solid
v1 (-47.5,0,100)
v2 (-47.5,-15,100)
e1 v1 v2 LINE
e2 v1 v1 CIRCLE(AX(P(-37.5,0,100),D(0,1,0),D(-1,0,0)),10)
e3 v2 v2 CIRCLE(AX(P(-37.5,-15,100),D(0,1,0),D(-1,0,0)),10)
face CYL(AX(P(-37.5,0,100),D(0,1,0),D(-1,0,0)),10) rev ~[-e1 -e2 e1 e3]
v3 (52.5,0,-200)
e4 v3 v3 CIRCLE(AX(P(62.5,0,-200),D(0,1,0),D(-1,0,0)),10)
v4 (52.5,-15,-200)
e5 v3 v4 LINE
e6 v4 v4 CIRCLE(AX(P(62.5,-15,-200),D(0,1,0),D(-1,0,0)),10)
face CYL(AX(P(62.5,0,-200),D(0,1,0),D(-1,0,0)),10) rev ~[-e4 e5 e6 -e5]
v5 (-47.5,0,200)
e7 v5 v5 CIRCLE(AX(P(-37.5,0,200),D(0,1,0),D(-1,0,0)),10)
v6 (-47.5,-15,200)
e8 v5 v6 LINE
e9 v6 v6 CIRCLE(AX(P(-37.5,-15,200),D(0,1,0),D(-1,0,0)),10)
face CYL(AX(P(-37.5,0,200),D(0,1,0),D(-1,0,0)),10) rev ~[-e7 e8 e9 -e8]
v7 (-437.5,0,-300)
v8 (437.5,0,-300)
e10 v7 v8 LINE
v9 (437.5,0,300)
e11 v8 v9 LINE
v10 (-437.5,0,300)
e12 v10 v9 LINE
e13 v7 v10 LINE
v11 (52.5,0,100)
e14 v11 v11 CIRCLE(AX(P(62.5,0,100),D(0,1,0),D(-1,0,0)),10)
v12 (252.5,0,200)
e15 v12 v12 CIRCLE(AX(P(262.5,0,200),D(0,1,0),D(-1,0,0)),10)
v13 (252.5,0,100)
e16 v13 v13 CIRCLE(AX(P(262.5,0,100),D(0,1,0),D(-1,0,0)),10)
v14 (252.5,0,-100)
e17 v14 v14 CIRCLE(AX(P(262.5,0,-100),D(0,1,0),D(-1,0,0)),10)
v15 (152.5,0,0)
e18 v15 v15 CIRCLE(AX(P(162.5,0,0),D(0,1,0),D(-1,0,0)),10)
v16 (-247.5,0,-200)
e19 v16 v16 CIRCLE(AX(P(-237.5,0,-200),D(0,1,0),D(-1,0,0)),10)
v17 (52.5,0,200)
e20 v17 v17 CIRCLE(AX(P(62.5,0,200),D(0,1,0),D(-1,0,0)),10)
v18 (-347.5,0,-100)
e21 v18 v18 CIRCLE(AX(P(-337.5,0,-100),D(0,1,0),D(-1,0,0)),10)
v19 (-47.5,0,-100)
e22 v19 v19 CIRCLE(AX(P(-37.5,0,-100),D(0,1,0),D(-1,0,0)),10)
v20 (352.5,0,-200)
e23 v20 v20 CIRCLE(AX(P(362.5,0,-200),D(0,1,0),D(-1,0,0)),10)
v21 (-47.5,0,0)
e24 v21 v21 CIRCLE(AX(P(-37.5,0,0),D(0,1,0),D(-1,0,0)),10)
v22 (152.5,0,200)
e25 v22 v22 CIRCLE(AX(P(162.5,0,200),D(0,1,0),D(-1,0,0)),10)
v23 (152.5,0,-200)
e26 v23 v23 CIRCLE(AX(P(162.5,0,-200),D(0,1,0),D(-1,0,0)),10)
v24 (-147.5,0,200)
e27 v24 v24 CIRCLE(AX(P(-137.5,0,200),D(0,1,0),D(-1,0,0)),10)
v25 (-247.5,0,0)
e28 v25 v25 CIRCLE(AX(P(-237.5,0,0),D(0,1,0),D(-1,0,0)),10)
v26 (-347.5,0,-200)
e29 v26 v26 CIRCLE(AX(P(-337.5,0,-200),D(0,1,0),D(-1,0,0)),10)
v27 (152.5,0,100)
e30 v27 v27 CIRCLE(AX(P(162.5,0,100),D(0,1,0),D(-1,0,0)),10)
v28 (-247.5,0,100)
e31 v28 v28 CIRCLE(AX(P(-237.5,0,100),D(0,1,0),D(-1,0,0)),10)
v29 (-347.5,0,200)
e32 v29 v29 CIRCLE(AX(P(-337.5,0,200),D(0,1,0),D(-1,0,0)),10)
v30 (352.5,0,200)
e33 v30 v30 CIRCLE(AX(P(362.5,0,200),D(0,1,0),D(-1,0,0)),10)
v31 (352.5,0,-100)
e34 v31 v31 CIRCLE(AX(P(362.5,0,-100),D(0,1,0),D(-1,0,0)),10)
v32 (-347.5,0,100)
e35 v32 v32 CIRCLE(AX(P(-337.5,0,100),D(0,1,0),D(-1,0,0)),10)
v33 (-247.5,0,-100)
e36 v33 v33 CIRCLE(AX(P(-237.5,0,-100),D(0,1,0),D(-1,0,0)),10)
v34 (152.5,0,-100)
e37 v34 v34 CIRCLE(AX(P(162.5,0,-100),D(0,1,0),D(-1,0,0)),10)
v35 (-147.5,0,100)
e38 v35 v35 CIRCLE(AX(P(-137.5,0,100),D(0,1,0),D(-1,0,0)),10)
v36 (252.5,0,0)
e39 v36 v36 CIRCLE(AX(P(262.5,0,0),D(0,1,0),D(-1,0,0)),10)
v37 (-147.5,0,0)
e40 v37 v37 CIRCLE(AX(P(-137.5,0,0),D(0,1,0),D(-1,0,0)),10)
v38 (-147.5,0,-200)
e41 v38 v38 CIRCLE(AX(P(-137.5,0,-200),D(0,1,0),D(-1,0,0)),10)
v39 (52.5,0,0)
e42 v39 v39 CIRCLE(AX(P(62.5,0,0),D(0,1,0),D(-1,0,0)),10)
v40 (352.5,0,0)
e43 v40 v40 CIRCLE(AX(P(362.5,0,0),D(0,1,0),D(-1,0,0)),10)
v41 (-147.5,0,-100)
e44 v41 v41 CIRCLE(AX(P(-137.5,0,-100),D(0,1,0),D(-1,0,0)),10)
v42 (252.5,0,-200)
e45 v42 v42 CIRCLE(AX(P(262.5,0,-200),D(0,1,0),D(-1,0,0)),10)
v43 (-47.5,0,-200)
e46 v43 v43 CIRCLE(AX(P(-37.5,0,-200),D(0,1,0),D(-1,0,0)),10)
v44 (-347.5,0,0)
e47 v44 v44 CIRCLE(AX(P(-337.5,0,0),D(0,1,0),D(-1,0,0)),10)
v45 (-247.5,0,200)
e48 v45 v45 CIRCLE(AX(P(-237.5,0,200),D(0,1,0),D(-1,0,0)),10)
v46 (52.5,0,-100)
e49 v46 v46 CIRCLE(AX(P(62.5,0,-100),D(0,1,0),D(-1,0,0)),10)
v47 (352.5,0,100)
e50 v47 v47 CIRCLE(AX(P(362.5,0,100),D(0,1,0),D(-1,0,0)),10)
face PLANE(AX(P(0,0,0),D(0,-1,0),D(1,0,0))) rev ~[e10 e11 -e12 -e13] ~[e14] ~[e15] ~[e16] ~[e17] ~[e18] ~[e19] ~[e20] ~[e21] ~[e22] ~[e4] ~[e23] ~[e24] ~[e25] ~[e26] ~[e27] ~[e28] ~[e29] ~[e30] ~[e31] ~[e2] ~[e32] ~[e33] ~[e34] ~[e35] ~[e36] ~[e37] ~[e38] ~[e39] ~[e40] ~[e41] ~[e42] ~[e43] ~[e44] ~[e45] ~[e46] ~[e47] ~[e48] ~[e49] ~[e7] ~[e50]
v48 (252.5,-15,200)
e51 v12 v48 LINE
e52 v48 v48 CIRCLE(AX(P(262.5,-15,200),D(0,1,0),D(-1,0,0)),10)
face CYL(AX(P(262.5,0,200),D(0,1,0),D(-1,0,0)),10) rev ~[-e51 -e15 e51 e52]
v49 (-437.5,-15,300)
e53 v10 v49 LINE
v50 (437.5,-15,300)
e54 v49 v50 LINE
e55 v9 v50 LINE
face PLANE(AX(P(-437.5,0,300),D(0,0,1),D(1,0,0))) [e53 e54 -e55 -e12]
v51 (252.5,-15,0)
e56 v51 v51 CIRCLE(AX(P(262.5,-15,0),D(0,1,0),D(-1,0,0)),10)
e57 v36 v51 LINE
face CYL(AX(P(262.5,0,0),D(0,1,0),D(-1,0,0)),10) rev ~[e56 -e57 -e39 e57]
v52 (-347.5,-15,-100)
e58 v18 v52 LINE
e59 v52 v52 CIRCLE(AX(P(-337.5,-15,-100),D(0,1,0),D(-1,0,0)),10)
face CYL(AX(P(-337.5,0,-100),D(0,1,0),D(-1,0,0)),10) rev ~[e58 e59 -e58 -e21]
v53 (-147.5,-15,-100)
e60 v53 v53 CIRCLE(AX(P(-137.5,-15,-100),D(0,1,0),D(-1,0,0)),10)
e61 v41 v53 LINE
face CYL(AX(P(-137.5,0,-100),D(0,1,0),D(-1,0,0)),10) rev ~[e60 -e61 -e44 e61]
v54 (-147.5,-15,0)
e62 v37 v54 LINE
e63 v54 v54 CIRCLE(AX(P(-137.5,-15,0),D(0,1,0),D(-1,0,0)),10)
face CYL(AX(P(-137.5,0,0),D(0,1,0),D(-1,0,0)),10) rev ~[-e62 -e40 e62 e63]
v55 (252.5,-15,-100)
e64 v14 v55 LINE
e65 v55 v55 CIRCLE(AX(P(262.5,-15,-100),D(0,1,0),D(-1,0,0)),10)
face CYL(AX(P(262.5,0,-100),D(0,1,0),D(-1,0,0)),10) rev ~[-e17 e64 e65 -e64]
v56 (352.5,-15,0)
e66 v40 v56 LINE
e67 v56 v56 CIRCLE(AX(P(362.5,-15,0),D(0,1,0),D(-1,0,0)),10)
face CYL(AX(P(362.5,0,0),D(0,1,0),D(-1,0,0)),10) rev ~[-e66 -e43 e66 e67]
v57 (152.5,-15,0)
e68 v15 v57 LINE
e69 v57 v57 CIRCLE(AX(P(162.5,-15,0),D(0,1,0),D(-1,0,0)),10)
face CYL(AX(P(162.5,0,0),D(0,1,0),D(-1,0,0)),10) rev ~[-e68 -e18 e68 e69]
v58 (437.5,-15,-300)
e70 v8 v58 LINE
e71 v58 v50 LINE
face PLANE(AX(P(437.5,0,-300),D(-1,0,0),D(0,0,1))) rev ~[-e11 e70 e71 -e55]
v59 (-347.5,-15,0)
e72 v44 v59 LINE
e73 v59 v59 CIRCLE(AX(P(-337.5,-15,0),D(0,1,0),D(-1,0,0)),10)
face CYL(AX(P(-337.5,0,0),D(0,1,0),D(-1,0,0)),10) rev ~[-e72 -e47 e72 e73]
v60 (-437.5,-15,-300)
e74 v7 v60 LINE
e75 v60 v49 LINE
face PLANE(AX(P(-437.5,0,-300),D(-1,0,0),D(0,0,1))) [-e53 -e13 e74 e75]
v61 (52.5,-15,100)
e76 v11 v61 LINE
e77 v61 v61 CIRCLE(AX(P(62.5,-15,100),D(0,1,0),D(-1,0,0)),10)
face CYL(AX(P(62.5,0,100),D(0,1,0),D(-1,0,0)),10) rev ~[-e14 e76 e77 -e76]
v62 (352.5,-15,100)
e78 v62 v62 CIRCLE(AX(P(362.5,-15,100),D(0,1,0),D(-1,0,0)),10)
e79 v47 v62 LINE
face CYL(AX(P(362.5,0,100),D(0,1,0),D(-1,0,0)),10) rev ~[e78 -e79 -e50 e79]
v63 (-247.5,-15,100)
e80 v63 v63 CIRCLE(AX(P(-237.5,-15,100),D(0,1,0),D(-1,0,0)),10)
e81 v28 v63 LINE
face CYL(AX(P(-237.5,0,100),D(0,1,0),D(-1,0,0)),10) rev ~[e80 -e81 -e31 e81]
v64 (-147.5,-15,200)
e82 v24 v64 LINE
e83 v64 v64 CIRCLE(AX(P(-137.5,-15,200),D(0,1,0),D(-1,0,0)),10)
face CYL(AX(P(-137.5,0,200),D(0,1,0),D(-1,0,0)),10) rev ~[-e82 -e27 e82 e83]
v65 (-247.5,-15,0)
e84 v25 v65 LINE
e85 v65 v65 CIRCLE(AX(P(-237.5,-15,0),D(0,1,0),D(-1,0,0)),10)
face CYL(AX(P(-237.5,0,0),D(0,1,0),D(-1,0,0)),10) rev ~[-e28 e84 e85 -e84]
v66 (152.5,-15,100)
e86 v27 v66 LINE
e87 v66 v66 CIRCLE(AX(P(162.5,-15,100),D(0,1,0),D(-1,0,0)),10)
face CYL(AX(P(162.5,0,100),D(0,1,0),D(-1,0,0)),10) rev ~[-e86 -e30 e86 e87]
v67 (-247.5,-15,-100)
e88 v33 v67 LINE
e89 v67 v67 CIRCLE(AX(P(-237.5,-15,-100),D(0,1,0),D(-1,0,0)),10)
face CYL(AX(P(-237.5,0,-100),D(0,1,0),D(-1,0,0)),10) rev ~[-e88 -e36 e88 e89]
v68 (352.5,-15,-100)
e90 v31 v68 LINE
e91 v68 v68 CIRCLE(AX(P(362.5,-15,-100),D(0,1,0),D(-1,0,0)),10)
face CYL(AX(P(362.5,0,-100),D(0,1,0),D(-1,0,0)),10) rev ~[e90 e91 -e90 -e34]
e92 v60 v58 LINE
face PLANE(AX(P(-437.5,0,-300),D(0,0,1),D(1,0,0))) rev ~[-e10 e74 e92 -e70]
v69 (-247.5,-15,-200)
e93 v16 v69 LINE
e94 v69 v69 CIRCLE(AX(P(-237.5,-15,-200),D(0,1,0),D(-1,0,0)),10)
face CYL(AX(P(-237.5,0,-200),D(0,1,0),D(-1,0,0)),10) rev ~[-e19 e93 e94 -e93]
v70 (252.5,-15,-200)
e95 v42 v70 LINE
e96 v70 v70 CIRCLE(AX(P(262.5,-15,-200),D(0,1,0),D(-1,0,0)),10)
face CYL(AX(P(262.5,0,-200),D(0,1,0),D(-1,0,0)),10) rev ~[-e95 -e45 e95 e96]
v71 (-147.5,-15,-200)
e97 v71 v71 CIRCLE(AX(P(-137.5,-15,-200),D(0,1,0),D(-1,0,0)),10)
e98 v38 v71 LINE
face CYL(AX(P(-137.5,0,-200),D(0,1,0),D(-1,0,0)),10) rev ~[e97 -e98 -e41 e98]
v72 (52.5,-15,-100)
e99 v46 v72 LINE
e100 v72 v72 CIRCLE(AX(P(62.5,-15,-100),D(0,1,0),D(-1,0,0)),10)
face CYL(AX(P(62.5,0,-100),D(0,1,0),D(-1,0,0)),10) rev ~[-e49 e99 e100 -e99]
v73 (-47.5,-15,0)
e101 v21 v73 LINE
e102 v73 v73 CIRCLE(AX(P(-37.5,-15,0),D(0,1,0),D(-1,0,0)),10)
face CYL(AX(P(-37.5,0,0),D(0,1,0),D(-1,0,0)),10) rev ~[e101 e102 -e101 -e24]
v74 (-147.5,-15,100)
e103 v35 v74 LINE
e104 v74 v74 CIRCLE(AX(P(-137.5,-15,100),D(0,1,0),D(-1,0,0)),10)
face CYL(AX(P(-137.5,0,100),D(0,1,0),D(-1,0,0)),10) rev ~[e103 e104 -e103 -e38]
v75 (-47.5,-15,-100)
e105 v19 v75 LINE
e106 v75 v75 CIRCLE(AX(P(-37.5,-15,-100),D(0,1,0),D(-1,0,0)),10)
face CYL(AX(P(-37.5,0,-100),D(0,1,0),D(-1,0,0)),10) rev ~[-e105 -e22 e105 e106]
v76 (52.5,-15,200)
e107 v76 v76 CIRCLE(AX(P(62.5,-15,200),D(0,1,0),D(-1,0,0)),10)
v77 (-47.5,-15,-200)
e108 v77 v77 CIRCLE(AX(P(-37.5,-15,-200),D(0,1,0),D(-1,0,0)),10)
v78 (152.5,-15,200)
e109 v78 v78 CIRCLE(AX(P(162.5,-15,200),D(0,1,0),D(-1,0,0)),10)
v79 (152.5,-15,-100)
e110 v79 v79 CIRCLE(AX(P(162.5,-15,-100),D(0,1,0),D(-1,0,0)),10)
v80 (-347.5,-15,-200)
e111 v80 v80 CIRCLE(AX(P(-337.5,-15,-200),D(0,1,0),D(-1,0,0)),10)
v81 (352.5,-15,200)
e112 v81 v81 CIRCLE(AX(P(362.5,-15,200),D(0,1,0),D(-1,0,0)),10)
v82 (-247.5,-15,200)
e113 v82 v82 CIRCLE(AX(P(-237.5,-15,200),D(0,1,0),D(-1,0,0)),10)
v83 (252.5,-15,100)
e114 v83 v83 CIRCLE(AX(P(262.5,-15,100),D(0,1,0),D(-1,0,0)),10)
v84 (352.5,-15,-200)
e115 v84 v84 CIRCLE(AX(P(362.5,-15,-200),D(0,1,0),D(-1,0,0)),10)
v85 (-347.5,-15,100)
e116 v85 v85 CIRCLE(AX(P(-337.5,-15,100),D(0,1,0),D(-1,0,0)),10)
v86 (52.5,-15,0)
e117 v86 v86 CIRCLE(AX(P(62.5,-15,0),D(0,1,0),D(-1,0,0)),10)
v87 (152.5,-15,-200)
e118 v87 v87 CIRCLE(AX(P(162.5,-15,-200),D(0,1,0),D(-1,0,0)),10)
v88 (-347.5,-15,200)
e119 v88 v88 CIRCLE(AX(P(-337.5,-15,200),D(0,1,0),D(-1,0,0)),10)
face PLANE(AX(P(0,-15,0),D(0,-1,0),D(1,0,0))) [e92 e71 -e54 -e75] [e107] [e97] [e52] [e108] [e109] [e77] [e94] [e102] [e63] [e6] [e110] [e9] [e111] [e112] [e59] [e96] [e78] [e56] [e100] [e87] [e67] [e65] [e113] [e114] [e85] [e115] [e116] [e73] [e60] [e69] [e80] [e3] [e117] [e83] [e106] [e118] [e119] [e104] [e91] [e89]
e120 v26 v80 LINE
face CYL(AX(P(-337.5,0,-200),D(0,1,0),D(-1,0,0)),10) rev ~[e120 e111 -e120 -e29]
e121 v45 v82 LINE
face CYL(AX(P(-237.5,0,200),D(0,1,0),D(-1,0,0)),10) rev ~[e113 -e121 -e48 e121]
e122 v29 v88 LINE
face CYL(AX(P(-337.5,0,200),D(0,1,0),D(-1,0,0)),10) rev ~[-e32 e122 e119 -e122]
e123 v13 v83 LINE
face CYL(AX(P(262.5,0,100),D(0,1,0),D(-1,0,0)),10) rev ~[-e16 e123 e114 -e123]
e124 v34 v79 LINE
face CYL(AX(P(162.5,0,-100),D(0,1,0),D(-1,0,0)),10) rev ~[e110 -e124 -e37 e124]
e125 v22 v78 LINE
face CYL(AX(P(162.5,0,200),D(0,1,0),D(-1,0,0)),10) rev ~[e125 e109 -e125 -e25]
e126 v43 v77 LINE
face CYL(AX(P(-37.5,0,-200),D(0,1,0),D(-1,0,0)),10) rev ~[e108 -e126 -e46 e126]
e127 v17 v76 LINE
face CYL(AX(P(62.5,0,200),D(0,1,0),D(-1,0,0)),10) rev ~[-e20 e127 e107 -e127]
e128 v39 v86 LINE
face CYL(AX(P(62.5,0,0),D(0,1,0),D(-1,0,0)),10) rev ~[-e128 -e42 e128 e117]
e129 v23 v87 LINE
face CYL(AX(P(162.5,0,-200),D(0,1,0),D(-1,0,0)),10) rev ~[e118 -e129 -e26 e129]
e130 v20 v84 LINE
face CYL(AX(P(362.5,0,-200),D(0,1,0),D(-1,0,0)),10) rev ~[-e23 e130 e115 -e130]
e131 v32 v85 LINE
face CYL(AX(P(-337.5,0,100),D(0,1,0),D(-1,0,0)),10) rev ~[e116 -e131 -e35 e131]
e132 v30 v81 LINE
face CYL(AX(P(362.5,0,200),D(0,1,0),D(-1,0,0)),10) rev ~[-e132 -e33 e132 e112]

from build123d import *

# Parameters (mm, degrees)
F0_W     = 875
F0_H     = 600
F1_DEPTH = 15
F2_R     = 10
F3_DEPTH = 15.001


with BuildPart() as f1:
    # F0 (on Front) → F1 (new body)
    with BuildSketch(Plane.XZ):
        Rectangle(F0_W, F0_H)
    extrude(amount=F1_DEPTH)

    # F2 (on face) → F3 (cut, through all)
    with BuildSketch(Plane(origin=(0, 0, 0), x_dir=(-1, 0, 0), z_dir=(0, 1, 0))):
        with Locations((337.5, -200)):
            Circle(F2_R)
        with Locations((337.5, -100)):
            Circle(F2_R)
        with Locations((337.5, 0)):
            Circle(F2_R)
        with Locations((337.5, 100)):
            Circle(F2_R)
        with Locations((337.5, 200)):
            Circle(F2_R)
        with Locations((237.5, 200)):
            Circle(F2_R)
        with Locations((237.5, 100)):
            Circle(F2_R)
        with Locations((237.5, 0)):
            Circle(F2_R)
        with Locations((237.5, -100)):
            Circle(F2_R)
        with Locations((237.5, -200)):
            Circle(F2_R)
        with Locations((137.5, -200)):
            Circle(F2_R)
        with Locations((137.5, -100)):
            Circle(F2_R)
        with Locations((137.5, 0)):
            Circle(F2_R)
        with Locations((137.5, 100)):
            Circle(F2_R)
        with Locations((137.5, 200)):
            Circle(F2_R)
        with Locations((37.5, 200)):
            Circle(F2_R)
        with Locations((-62.5, 200)):
            Circle(F2_R)
        with Locations((-162.5, 200)):
            Circle(F2_R)
        with Locations((-262.5, 200)):
            Circle(F2_R)
        with Locations((-62.5, 100)):
            Circle(F2_R)
        with Locations((37.5, 100)):
            Circle(F2_R)
        with Locations((37.5, 0)):
            Circle(F2_R)
        with Locations((37.5, -100)):
            Circle(F2_R)
        with Locations((37.5, -200)):
            Circle(F2_R)
        with Locations((-62.5, -200)):
            Circle(F2_R)
        with Locations((-62.5, -100)):
            Circle(F2_R)
        with Locations((-62.5, 0)):
            Circle(F2_R)
        with Locations((-162.5, 0)):
            Circle(F2_R)
        with Locations((-162.5, -100)):
            Circle(F2_R)
        with Locations((-162.5, -200)):
            Circle(F2_R)
        with Locations((-262.5, 100)):
            Circle(F2_R)
        with Locations((-362.5, 200)):
            Circle(F2_R)
        with Locations((-362.5, 100)):
            Circle(F2_R)
        with Locations((-162.5, 100)):
            Circle(F2_R)
        with Locations((-262.5, 0)):
            Circle(F2_R)
        with Locations((-362.5, 0)):
            Circle(F2_R)
        with Locations((-262.5, -100)):
            Circle(F2_R)
        with Locations((-262.5, -200)):
            Circle(F2_R)
        with Locations((-362.5, -200)):
            Circle(F2_R)
        with Locations((-362.5, -100)):
            Circle(F2_R)
    extrude(amount=-F3_DEPTH, mode=Mode.SUBTRACT)


solid = f1.part
